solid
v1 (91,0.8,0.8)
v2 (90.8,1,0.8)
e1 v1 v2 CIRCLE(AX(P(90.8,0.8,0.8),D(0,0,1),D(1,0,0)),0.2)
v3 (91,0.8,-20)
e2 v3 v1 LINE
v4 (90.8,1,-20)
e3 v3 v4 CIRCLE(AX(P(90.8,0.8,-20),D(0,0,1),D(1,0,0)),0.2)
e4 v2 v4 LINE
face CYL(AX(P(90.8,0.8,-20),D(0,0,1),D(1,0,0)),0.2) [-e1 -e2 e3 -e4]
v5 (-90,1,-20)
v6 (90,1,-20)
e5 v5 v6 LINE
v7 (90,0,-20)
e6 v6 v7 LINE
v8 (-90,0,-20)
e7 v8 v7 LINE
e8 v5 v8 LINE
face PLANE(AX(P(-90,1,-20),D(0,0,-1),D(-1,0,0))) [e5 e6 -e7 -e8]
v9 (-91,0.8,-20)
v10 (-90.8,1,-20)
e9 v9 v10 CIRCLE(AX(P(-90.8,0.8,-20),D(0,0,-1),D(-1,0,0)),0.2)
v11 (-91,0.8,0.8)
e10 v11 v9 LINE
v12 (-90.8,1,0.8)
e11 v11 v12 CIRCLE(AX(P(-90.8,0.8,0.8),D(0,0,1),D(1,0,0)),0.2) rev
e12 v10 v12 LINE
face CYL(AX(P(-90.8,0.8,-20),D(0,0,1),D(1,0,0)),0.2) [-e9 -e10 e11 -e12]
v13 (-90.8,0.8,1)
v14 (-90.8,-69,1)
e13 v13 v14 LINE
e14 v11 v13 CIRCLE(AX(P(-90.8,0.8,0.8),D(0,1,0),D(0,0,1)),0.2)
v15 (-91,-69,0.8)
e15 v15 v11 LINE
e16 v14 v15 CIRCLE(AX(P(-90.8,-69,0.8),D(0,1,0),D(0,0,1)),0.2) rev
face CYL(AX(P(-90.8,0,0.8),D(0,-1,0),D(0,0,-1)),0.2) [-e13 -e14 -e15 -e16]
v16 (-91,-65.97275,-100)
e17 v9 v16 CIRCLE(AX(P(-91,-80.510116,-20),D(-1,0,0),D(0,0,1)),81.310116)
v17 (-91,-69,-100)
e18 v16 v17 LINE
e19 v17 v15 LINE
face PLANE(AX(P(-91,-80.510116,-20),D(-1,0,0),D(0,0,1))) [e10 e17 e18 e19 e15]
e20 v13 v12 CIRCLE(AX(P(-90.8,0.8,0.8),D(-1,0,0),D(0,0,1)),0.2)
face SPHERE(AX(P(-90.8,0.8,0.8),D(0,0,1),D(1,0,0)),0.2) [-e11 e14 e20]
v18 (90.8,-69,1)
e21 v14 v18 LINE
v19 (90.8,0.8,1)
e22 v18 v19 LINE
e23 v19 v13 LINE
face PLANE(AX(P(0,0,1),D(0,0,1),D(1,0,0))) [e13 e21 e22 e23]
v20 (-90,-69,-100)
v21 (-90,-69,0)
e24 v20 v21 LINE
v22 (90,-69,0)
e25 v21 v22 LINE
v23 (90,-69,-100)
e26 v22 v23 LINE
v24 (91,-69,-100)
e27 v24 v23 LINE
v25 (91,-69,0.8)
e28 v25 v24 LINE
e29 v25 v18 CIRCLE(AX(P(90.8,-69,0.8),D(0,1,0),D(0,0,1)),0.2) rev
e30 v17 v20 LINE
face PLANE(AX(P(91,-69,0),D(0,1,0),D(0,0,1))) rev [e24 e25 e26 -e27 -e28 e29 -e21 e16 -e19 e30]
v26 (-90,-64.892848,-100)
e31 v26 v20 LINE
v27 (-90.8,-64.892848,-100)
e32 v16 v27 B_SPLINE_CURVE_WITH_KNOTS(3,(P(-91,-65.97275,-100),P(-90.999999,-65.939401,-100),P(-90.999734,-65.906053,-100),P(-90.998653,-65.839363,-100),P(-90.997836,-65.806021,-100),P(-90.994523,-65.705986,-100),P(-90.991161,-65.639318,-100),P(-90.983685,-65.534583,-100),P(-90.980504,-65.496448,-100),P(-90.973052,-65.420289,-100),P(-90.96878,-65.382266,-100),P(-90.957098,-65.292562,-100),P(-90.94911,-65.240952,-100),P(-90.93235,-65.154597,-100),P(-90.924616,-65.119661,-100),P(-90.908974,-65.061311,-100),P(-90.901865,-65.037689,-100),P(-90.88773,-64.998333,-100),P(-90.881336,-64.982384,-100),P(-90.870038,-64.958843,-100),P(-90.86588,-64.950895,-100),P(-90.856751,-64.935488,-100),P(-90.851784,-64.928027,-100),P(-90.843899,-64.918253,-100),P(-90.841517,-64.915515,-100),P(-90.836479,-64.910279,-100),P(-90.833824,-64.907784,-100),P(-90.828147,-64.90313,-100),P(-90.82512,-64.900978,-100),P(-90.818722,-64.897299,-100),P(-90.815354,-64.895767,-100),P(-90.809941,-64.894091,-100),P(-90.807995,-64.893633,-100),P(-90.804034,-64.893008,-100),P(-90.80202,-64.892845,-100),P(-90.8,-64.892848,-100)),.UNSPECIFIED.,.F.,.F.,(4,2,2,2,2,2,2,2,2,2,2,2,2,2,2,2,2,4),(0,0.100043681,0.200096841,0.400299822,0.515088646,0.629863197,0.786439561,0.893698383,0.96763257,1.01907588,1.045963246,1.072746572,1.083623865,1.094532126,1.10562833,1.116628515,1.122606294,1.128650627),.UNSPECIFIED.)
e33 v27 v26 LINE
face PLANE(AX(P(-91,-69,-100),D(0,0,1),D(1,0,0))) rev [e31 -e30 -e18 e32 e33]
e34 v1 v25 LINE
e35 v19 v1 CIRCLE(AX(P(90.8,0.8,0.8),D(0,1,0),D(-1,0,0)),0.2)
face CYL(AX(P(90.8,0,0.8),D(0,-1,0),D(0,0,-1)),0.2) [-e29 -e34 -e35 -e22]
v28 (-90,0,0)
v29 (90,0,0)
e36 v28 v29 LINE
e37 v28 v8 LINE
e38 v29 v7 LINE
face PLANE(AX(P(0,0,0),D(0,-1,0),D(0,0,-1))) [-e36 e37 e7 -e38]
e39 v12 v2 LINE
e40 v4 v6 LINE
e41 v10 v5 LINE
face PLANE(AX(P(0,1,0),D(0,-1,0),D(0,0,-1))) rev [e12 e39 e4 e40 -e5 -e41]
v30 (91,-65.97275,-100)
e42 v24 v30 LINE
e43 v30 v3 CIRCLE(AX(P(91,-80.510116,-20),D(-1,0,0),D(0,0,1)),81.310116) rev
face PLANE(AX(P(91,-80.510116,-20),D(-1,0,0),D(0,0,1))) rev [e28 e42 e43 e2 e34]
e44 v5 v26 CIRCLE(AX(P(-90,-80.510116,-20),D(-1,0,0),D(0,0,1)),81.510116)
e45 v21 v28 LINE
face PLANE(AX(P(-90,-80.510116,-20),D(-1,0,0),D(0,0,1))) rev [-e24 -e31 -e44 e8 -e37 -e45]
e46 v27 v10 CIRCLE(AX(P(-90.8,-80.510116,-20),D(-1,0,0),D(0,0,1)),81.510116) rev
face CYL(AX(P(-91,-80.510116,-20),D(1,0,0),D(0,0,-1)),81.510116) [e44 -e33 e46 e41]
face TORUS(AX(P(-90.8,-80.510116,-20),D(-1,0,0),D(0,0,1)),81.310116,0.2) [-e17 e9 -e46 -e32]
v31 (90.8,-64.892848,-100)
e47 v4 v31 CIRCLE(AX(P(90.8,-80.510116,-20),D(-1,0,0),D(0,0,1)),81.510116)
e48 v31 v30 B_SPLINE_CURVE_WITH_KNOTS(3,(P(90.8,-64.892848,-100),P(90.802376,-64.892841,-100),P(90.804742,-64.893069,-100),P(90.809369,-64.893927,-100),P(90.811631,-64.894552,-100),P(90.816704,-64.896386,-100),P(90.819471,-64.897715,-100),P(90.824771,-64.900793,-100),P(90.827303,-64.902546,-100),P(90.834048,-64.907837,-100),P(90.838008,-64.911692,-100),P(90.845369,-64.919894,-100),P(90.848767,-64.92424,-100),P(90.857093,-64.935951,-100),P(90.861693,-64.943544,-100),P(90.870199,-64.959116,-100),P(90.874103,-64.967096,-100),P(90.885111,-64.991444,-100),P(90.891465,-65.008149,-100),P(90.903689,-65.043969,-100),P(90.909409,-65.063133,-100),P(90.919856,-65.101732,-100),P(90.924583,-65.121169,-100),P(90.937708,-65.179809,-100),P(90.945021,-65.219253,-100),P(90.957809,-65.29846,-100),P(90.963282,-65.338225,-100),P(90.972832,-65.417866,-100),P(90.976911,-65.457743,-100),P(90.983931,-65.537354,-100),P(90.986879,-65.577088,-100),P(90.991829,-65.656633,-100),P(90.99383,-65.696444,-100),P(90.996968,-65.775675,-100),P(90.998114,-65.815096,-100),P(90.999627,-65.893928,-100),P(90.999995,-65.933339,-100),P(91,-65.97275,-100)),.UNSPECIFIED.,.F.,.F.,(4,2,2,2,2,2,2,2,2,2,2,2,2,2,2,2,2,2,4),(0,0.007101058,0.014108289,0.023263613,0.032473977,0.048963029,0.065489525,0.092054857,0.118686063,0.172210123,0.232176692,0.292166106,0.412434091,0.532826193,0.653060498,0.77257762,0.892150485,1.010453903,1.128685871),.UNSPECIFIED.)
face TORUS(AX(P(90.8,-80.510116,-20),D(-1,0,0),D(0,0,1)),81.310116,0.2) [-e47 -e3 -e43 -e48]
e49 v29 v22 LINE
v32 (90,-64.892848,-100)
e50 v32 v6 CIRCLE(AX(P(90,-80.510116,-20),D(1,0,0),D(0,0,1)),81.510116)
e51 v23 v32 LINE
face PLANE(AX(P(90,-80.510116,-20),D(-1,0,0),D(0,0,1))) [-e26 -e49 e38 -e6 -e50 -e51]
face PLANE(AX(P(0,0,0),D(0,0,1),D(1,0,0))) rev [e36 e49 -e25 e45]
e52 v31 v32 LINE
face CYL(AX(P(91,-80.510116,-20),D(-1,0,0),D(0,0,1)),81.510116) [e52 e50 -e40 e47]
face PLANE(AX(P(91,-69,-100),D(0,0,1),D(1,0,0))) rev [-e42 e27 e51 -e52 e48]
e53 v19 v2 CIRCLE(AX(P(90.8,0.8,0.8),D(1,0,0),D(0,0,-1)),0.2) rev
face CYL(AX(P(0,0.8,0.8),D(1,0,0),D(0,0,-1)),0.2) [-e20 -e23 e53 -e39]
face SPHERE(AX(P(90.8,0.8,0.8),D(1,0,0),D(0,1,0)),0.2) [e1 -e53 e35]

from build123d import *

# Parameters (mm, degrees)
SKETCH1_W           = 180
SKETCH1_H           = 20
BOSS_EXTRUDE2_DEPTH = 1
BOSS_EXTRUDE3_DEPTH = 1
BOSS_EXTRUDE5_START = 1
BOSS_EXTRUDE5_DEPTH = 1
SKETCH6_W           = 182
SKETCH6_H           = 70
BOSS_EXTRUDE6_DEPTH = 1
FILLET2_R           = 0.2


with BuildPart() as part:
    # Sketch1 → Boss-Extrude2 (new body)
    with BuildSketch(Plane(origin=(0, 0, 0), x_dir=(1, 0, 0), z_dir=(0, 1, 0))):
        with Locations((0, 10)):
            Rectangle(SKETCH1_W, SKETCH1_H)
    extrude(amount=BOSS_EXTRUDE2_DEPTH)

    # Sketch3 → Boss-Extrude3 (add)
    with BuildSketch(Plane(origin=(90, 0, 0), x_dir=(0, 0, -1), z_dir=(1, 0, 0))):
        with BuildLine():
            Line((0, 1), (0, -69))
            Line((0, -69), (100, -69))
            Line((100, -69), (100, -64.892848271))
            ThreePointArc((100, -64.892848271), (71.821490362, -17.594043661), (20, 1))
            Line((20, 1), (0, 1))
        make_face()
    extrude(amount=BOSS_EXTRUDE3_DEPTH)

    # Sketch5 → Boss-Extrude5 (add)
    with BuildSketch(Plane.ZY.offset(90).offset(BOSS_EXTRUDE5_START)):
        with BuildLine():
            Line((0, 1), (-20, 1))
            ThreePointArc((-20, 1), (-71.821490362, -17.594043661), (-100, -64.892848271))
            Line((-100, -64.892848271), (-100, -69))
            Line((-100, -69), (0, -69))
            Line((0, -69), (0, 1))
        make_face()
    extrude(amount=-BOSS_EXTRUDE5_DEPTH)

    # Sketch6 → Boss-Extrude6 (add)
    with BuildSketch(Plane.XY):
        with Locations((0, -34)):
            Rectangle(SKETCH6_W, SKETCH6_H)
    extrude(amount=BOSS_EXTRUDE6_DEPTH)

    # Fillet2
    fillet2_edges = [part.edges().sort_by_distance(p)[0] for p in [
        (91, 1, -9.5),
        (91, -17.594043661, -71.821490362),
        (-91, 1, -9.5),
        (-91, -17.594043661, -71.821490362),
        (-91, -34, 1),
        (91, -34, 1),
        (0, 1, 1),
    ]]
    fillet(fillet2_edges, radius=FILLET2_R)


solid = part.part
